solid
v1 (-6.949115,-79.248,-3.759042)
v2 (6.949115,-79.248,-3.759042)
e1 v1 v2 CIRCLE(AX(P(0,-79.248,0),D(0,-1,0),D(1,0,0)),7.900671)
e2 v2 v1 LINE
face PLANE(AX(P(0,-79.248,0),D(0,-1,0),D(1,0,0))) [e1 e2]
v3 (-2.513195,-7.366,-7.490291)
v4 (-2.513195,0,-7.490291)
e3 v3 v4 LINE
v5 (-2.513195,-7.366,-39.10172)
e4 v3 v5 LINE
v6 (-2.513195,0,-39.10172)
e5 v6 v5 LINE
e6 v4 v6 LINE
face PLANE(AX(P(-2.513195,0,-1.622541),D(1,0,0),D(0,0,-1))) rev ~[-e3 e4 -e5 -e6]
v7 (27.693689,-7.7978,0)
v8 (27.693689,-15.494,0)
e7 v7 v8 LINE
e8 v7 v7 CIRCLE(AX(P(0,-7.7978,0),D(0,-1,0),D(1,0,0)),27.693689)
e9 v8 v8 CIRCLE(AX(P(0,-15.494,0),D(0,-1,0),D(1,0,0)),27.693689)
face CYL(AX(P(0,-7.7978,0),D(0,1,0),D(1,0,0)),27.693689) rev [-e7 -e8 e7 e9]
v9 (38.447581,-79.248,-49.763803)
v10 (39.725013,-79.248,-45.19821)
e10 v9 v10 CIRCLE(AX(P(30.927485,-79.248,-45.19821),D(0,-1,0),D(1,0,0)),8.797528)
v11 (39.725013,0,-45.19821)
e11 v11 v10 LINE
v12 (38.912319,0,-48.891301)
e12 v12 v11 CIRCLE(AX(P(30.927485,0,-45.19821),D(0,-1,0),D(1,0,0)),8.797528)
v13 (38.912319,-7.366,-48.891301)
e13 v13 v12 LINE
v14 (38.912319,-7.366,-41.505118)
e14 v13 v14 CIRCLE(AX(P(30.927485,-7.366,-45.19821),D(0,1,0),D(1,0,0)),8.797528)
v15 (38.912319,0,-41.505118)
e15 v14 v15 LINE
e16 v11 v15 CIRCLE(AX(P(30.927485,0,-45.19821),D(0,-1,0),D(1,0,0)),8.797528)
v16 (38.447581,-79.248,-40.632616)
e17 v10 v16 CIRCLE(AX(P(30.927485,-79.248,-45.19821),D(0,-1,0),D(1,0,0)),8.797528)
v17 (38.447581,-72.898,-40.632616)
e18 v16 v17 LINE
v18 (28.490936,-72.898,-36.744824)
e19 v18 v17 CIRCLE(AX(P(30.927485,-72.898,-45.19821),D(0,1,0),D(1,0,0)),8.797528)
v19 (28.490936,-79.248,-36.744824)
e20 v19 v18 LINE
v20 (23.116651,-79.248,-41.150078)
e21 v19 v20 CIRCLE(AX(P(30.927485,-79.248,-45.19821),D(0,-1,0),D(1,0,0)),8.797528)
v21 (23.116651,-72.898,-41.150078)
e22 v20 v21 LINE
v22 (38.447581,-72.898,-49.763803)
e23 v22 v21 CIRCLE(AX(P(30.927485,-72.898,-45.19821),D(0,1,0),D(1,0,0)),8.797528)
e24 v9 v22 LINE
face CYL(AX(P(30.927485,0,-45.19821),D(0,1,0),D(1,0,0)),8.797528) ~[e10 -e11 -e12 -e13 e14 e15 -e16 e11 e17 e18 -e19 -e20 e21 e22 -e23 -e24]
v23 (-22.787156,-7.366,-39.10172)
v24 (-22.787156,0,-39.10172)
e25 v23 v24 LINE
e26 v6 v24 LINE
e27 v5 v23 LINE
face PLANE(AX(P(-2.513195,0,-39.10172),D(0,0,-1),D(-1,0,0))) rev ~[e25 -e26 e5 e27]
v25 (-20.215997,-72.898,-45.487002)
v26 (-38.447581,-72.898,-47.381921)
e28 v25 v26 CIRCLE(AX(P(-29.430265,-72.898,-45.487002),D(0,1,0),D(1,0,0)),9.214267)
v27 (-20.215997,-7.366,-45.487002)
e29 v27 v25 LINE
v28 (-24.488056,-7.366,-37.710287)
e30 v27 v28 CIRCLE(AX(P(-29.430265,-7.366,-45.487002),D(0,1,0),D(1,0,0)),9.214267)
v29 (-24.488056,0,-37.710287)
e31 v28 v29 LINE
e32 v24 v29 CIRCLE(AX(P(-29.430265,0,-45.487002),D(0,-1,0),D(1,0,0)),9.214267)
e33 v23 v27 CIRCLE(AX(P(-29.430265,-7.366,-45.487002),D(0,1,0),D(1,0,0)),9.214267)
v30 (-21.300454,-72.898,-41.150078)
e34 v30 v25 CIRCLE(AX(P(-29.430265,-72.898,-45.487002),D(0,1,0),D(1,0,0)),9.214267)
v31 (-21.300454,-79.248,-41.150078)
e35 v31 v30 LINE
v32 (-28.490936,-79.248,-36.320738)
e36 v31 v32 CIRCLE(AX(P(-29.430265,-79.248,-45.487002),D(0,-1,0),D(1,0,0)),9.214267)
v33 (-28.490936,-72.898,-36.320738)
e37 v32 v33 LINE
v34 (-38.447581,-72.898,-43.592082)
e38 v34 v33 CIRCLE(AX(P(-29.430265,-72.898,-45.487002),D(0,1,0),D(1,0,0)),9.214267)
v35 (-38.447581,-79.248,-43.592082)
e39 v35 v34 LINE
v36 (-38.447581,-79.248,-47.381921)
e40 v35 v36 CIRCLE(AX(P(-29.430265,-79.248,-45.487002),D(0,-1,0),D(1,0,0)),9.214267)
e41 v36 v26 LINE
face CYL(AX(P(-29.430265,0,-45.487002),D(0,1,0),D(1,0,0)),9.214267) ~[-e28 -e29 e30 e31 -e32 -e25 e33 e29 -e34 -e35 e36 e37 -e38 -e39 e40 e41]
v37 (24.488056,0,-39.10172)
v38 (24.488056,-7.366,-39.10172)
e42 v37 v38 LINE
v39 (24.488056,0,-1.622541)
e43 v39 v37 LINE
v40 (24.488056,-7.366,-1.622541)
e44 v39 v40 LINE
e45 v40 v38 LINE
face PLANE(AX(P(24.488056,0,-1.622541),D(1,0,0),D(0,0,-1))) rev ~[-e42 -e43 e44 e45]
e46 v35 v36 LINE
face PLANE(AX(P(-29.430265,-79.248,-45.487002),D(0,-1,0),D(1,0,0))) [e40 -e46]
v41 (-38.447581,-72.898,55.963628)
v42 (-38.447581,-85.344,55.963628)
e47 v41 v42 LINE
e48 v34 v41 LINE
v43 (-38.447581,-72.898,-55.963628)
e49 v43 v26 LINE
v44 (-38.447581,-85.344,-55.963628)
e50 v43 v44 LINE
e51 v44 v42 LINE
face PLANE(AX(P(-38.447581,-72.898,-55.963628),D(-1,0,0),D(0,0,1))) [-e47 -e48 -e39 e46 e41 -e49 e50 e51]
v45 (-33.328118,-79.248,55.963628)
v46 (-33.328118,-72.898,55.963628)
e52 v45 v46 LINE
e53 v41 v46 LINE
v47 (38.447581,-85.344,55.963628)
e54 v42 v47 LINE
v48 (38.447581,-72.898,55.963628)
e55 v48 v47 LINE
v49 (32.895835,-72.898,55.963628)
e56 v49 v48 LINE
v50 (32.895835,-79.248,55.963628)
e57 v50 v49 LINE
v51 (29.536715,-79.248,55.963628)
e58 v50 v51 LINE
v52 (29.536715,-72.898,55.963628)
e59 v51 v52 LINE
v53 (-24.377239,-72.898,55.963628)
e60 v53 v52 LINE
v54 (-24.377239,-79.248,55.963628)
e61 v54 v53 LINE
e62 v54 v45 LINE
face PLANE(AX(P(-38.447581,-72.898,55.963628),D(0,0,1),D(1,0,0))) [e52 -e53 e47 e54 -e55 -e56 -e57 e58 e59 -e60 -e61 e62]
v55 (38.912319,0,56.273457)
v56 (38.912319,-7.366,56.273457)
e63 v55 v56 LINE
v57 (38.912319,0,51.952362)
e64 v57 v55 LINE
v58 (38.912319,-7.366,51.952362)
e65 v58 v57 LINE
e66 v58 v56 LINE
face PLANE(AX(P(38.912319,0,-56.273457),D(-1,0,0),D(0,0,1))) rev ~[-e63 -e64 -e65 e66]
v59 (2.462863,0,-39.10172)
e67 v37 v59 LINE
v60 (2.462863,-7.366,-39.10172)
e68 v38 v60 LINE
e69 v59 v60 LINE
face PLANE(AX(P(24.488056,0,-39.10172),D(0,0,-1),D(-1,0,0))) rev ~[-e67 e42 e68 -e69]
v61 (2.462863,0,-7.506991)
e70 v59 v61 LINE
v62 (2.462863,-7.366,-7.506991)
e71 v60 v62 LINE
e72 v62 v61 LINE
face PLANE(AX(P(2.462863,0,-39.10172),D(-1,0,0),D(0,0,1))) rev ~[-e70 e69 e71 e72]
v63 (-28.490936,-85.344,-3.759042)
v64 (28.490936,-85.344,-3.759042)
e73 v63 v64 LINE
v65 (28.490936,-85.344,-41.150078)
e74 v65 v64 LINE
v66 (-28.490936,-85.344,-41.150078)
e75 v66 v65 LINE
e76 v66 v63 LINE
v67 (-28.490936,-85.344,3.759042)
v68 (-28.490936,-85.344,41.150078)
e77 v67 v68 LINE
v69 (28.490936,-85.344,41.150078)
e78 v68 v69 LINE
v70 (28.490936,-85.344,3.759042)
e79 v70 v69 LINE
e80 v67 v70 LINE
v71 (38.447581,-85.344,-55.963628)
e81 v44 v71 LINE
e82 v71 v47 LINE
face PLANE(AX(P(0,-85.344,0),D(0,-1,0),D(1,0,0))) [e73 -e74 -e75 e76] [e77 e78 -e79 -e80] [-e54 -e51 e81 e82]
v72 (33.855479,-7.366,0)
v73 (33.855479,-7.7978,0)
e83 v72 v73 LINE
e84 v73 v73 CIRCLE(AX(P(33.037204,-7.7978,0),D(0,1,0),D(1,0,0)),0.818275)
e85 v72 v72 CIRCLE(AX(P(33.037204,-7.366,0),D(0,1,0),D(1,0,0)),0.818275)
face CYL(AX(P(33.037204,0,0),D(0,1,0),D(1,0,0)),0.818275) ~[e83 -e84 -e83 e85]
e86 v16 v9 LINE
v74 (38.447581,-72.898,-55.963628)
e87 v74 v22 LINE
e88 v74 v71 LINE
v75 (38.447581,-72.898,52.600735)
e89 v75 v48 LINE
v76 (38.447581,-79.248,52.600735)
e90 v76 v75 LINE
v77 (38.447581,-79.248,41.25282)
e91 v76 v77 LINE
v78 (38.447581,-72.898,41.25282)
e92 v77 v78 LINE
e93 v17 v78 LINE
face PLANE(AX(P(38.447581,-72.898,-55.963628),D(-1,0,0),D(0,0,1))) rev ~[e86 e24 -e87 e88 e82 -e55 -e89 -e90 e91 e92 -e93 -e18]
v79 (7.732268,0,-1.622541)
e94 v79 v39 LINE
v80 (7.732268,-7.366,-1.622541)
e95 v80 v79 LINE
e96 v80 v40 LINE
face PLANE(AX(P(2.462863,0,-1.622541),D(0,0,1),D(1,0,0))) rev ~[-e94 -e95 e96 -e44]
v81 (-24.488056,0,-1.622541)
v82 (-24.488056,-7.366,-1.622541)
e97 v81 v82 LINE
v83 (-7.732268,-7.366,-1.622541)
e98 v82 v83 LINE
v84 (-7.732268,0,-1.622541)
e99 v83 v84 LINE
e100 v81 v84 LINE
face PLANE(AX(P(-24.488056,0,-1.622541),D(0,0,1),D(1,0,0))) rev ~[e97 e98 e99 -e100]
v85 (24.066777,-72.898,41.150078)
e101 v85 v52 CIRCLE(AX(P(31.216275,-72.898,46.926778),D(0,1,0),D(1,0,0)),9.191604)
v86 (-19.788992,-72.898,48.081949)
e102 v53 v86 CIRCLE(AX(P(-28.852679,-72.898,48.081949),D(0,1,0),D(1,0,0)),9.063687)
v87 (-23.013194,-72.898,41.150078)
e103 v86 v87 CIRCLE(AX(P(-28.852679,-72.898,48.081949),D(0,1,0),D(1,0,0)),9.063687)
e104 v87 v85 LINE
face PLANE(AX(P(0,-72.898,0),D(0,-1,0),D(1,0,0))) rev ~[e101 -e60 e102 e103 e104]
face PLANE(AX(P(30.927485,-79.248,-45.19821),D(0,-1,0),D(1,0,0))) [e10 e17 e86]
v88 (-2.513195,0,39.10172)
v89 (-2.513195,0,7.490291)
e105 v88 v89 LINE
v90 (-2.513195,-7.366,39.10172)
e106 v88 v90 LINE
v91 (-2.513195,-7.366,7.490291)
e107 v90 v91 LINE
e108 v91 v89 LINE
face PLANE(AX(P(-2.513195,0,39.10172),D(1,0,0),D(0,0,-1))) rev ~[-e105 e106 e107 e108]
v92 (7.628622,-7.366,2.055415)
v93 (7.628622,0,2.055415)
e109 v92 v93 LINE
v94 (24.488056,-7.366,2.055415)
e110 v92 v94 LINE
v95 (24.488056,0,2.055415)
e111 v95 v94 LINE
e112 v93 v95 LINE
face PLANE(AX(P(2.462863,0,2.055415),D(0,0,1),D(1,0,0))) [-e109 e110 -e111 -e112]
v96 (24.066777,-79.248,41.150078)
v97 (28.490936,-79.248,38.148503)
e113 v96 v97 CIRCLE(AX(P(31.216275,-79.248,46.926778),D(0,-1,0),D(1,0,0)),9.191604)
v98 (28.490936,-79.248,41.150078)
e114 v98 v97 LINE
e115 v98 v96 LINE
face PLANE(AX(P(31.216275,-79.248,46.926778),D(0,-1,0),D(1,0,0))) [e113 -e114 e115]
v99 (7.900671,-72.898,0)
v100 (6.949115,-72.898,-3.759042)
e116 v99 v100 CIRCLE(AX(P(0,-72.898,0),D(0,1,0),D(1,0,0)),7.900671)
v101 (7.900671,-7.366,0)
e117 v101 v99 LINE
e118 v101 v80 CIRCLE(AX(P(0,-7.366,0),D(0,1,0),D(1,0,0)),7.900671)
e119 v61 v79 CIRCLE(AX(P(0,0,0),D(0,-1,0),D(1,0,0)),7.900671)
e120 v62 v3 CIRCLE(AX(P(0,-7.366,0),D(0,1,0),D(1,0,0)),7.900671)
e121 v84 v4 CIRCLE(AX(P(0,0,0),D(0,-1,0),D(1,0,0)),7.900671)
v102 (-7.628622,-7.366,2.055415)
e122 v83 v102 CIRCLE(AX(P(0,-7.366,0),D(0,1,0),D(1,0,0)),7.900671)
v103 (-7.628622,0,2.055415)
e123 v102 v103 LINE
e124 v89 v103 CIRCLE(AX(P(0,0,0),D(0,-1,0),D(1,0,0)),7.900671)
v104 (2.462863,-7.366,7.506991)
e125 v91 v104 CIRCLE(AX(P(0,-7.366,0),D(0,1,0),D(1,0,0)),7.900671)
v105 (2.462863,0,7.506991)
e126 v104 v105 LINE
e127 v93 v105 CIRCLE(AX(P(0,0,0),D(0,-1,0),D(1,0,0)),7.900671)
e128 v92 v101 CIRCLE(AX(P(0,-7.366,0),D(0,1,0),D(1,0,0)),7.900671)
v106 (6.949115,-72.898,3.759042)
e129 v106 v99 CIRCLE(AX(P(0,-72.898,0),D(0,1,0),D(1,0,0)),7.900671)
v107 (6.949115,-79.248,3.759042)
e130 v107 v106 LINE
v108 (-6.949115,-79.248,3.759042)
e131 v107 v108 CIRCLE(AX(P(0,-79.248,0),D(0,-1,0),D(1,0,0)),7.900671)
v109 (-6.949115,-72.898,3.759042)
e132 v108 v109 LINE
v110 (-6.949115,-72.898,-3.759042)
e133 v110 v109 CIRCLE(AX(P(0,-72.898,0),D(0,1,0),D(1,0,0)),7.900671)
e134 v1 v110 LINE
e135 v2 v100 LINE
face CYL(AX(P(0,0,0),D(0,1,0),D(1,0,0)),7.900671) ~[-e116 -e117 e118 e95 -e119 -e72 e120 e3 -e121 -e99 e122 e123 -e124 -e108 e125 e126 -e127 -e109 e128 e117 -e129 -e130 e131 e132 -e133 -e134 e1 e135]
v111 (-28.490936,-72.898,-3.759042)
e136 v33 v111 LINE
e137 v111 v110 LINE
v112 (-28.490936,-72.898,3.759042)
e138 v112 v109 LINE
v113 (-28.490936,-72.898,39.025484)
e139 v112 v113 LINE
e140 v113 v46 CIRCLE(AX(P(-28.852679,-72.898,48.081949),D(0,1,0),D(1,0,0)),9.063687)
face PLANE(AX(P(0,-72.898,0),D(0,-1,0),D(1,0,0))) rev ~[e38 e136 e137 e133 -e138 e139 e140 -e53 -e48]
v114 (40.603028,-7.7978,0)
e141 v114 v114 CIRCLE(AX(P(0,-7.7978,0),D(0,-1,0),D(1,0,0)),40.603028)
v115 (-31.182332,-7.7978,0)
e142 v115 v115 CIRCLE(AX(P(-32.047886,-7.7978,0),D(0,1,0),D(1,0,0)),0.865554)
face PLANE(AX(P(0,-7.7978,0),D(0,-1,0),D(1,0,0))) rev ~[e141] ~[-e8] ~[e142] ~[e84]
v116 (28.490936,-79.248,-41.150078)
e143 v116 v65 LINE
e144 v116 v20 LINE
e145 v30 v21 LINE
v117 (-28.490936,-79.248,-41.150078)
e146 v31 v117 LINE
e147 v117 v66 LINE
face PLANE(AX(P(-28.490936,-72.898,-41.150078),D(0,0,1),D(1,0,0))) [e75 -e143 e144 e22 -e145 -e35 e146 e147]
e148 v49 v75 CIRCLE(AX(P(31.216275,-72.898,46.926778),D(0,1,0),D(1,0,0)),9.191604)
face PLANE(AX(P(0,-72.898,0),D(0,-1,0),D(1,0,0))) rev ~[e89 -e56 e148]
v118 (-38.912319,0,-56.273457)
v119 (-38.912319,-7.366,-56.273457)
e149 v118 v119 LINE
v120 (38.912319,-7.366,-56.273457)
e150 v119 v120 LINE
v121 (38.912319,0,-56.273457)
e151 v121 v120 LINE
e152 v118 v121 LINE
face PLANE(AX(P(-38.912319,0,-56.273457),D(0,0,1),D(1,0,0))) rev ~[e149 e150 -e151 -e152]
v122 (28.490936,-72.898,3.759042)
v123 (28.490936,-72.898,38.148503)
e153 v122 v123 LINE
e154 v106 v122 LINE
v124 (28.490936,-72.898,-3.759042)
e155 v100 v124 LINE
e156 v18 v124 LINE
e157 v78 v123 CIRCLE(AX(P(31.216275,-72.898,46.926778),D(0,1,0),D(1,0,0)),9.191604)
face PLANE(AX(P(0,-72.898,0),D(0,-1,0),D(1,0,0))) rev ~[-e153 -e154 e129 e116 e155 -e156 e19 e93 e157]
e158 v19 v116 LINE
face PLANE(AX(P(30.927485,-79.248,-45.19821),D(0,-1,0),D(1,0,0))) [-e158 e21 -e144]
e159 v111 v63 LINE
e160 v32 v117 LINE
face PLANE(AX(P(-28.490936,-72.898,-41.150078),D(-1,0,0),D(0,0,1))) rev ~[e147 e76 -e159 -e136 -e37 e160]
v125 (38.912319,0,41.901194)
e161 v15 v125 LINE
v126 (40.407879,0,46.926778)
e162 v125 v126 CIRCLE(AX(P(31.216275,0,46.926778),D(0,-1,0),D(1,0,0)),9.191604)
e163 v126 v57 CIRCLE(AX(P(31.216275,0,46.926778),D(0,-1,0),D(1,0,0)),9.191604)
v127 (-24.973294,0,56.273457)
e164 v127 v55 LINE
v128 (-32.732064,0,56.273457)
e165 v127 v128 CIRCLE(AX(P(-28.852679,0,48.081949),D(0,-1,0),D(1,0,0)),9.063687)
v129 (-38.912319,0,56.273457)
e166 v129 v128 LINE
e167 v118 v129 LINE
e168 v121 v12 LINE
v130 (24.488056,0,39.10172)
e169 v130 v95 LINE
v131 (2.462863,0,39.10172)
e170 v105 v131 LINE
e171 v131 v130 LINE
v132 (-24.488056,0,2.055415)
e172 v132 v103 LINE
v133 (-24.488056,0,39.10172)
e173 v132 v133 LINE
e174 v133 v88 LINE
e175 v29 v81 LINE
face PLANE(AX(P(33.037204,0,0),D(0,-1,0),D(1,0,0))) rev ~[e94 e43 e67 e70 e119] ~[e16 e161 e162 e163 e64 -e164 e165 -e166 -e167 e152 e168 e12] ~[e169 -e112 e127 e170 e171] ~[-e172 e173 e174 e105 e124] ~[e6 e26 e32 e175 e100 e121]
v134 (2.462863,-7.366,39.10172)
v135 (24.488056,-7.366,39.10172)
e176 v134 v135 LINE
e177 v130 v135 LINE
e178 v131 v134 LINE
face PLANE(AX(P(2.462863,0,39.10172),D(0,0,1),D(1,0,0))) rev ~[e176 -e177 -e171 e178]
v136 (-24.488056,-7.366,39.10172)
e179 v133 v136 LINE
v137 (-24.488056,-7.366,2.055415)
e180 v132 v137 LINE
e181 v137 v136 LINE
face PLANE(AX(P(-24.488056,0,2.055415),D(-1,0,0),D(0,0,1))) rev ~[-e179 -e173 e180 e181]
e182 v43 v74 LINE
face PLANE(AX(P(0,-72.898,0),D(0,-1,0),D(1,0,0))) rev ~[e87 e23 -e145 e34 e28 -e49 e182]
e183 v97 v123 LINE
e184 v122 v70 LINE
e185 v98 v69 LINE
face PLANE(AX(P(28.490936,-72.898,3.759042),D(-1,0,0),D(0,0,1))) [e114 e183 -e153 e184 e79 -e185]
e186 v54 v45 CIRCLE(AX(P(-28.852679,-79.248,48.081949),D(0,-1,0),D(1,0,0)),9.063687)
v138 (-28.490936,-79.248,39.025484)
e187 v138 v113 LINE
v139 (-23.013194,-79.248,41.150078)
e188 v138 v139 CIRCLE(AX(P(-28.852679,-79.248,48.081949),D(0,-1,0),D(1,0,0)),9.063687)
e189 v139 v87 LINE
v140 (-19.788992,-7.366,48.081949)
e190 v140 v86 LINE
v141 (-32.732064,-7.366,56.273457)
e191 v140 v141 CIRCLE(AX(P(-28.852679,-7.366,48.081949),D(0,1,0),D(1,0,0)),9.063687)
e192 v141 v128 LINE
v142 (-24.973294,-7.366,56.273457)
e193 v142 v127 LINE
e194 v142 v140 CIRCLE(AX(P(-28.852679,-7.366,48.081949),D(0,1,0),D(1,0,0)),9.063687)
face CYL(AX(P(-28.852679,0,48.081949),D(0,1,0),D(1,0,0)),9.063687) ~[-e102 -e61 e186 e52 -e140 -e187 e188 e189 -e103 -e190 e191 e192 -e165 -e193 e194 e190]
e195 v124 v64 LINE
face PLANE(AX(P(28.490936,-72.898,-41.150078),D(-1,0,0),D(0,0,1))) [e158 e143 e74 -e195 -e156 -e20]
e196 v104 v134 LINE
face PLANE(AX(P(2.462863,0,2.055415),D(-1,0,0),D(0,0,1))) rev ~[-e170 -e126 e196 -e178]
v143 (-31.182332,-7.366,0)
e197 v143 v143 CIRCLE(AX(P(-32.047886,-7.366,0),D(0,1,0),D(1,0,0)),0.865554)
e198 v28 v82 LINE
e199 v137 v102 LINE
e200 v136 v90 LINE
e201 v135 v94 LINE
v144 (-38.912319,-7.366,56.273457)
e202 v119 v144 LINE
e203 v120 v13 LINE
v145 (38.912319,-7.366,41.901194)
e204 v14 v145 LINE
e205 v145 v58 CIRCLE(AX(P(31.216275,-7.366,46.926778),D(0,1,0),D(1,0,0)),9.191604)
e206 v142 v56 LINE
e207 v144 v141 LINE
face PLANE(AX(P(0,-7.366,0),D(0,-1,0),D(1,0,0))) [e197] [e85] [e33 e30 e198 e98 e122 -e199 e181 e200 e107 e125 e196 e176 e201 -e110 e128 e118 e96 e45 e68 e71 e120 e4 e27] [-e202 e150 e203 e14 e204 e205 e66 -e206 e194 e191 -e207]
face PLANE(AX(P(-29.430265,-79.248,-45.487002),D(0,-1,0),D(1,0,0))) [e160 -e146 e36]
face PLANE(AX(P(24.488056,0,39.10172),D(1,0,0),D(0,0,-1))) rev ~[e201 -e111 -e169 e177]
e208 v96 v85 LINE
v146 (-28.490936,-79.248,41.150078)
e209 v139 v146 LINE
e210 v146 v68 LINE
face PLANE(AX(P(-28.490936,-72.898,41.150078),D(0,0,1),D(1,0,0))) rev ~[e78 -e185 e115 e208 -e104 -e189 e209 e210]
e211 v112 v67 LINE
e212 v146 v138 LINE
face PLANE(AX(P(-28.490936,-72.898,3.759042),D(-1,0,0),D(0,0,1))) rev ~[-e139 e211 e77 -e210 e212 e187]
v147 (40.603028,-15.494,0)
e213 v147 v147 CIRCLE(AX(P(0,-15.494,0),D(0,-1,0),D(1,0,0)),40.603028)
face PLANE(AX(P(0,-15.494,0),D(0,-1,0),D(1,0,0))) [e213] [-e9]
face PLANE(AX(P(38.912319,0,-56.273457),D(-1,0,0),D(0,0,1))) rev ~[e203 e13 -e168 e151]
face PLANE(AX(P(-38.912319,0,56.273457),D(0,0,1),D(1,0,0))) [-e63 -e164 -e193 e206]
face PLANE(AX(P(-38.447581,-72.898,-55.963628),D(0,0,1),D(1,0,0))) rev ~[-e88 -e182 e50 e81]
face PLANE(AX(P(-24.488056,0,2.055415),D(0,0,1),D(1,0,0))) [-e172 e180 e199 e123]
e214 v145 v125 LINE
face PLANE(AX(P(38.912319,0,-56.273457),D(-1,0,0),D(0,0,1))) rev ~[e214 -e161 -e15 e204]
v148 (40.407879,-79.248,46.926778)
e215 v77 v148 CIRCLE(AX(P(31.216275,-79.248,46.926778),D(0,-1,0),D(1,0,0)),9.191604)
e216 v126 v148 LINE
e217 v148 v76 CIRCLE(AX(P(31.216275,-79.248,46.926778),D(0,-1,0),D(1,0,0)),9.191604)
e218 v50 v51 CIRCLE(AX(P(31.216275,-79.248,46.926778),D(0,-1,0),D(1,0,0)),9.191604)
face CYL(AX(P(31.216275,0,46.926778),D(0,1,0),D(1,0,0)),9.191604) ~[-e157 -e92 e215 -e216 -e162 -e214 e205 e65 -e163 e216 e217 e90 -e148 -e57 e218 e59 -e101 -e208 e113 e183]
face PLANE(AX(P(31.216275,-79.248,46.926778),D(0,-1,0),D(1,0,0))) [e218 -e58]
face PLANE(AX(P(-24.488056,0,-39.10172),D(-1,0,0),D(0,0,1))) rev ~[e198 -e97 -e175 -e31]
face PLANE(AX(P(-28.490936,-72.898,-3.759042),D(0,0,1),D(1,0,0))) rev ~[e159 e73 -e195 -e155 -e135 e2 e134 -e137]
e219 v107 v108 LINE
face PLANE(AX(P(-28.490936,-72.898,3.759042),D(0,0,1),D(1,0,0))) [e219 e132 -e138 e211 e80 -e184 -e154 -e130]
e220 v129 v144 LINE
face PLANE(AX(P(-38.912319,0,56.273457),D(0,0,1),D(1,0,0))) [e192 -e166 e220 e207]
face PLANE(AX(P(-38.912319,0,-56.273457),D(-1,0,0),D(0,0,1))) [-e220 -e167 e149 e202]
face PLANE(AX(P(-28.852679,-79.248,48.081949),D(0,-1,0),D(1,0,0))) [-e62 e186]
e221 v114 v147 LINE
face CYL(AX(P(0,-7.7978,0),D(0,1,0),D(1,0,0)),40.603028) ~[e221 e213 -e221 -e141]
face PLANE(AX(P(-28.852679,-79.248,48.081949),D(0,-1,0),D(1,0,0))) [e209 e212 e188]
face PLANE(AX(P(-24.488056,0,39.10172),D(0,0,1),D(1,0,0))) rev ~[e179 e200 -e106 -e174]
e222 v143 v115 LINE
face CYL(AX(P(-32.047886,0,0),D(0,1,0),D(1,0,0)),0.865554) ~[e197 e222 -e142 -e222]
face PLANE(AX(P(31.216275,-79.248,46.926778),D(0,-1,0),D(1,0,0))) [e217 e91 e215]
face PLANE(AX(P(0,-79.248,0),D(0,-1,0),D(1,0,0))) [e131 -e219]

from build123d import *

# Parameters (mm, degrees)
F0_W     = 77.8246372938
F0_H     = 112.5469133258
F0_W_2   = 21.9748611562
F0_H_2   = 3.6779557122
F0_W_3   = 22.0251933206
F1_DEPTH = 7.366
F2_R     = 7.9006710882
F2_R_2   = 9.1916040088
F2_R_3   = 9.0636867771
F2_R_4   = 8.7975277967
F2_R_5   = 9.2142672279
F3_DEPTH = 79.248
F4_R     = 0.8182750857
F4_R_2   = 0.8655541006
F5_DEPTH = 7.8486
F7_START = 7.7978
F6_R     = 40.6030276707
F6_R_2   = 27.6936887415
F7_DEPTH = 7.6962
F9_START = 72.898
F8_W     = 76.8951624632
F8_H     = 111.9272559881
F8_W_2   = 56.9818727672
F8_H_2   = 37.3910360504
F9_DEPTH = 12.446


with BuildPart() as f1:
    # F0 (on Front) → F1 (new body)
    with BuildSketch(Plane.XZ):
        Rectangle(F0_W, F0_H)
        Polygon((-2.5131949224, -39.1017198563), (-24.4880560786, -39.1017198563), (-24.4880560786, -1.622540527), (-24.4880560786, 2.0554151852), (-24.4880560786, 39.1017198563), (-2.5131949224, 39.1017198563), (2.462862758, 39.1017198563), (24.4880560786, 39.1017198563), (24.4880560786, 2.0554151852), (24.4880560786, -1.622540527), (24.4880560786, -39.1017198563), (2.462862758, -39.1017198563), align=None, mode=Mode.SUBTRACT)
        with Locations((-13.5006255005, 0.2164373291)):
            Rectangle(F0_W_2, F0_H_2)
        with Locations((13.4754594183, 0.2164373291)):
            Rectangle(F0_W_3, F0_H_2)
        Polygon((-2.5131949224, -1.622540527), (-2.5131949224, -39.1017198563), (2.462862758, -39.1017198563), (2.462862758, -1.622540527), (2.462862758, 2.0554151852), (2.462862758, 39.1017198563), (-2.5131949224, 39.1017198563), (-2.5131949224, 2.0554151852), align=None)
    extrude(amount=F1_DEPTH)

    # F2 (on Front) → F3 (join)
    with BuildSketch(Plane.XZ):
        Circle(F2_R)
        with Locations((31.2162749469, 46.9267778099)):
            Circle(F2_R_2)
        with Locations((-28.8526788354, 48.0819493532)):
            Circle(F2_R_3)
        with Locations((30.9274848551, -45.1982095838)):
            Circle(F2_R_4)
        with Locations((-29.4302646071, -45.4870015383)):
            Circle(F2_R_5)
    extrude(amount=F3_DEPTH)

    # F4 (on Front) → F5 (join)
    with BuildSketch(Plane.XZ):
        with Locations((33.0372042954, 0)):
            Circle(F4_R)
        with Locations((-32.0478864014, 0)):
            Circle(F4_R_2)
    extrude(amount=F5_DEPTH)

    # F6 (on Front) → F7 (join)
    with BuildSketch(Plane.XZ.offset(F7_START)):
        Circle(F6_R)
        Circle(F6_R_2, mode=Mode.SUBTRACT)
    extrude(amount=F7_DEPTH)

    # F8 (on Front) → F9 (join)
    with BuildSketch(Plane.XZ.offset(F9_START)):
        Rectangle(F8_W, F8_H)
        with Locations((0, -22.4545601523)):
            Rectangle(F8_W_2, F8_H_2, mode=Mode.SUBTRACT)
        with Locations((0, 22.4545601523)):
            Rectangle(F8_W_2, F8_H_2, mode=Mode.SUBTRACT)
    extrude(amount=F9_DEPTH)


solid = f1.part
